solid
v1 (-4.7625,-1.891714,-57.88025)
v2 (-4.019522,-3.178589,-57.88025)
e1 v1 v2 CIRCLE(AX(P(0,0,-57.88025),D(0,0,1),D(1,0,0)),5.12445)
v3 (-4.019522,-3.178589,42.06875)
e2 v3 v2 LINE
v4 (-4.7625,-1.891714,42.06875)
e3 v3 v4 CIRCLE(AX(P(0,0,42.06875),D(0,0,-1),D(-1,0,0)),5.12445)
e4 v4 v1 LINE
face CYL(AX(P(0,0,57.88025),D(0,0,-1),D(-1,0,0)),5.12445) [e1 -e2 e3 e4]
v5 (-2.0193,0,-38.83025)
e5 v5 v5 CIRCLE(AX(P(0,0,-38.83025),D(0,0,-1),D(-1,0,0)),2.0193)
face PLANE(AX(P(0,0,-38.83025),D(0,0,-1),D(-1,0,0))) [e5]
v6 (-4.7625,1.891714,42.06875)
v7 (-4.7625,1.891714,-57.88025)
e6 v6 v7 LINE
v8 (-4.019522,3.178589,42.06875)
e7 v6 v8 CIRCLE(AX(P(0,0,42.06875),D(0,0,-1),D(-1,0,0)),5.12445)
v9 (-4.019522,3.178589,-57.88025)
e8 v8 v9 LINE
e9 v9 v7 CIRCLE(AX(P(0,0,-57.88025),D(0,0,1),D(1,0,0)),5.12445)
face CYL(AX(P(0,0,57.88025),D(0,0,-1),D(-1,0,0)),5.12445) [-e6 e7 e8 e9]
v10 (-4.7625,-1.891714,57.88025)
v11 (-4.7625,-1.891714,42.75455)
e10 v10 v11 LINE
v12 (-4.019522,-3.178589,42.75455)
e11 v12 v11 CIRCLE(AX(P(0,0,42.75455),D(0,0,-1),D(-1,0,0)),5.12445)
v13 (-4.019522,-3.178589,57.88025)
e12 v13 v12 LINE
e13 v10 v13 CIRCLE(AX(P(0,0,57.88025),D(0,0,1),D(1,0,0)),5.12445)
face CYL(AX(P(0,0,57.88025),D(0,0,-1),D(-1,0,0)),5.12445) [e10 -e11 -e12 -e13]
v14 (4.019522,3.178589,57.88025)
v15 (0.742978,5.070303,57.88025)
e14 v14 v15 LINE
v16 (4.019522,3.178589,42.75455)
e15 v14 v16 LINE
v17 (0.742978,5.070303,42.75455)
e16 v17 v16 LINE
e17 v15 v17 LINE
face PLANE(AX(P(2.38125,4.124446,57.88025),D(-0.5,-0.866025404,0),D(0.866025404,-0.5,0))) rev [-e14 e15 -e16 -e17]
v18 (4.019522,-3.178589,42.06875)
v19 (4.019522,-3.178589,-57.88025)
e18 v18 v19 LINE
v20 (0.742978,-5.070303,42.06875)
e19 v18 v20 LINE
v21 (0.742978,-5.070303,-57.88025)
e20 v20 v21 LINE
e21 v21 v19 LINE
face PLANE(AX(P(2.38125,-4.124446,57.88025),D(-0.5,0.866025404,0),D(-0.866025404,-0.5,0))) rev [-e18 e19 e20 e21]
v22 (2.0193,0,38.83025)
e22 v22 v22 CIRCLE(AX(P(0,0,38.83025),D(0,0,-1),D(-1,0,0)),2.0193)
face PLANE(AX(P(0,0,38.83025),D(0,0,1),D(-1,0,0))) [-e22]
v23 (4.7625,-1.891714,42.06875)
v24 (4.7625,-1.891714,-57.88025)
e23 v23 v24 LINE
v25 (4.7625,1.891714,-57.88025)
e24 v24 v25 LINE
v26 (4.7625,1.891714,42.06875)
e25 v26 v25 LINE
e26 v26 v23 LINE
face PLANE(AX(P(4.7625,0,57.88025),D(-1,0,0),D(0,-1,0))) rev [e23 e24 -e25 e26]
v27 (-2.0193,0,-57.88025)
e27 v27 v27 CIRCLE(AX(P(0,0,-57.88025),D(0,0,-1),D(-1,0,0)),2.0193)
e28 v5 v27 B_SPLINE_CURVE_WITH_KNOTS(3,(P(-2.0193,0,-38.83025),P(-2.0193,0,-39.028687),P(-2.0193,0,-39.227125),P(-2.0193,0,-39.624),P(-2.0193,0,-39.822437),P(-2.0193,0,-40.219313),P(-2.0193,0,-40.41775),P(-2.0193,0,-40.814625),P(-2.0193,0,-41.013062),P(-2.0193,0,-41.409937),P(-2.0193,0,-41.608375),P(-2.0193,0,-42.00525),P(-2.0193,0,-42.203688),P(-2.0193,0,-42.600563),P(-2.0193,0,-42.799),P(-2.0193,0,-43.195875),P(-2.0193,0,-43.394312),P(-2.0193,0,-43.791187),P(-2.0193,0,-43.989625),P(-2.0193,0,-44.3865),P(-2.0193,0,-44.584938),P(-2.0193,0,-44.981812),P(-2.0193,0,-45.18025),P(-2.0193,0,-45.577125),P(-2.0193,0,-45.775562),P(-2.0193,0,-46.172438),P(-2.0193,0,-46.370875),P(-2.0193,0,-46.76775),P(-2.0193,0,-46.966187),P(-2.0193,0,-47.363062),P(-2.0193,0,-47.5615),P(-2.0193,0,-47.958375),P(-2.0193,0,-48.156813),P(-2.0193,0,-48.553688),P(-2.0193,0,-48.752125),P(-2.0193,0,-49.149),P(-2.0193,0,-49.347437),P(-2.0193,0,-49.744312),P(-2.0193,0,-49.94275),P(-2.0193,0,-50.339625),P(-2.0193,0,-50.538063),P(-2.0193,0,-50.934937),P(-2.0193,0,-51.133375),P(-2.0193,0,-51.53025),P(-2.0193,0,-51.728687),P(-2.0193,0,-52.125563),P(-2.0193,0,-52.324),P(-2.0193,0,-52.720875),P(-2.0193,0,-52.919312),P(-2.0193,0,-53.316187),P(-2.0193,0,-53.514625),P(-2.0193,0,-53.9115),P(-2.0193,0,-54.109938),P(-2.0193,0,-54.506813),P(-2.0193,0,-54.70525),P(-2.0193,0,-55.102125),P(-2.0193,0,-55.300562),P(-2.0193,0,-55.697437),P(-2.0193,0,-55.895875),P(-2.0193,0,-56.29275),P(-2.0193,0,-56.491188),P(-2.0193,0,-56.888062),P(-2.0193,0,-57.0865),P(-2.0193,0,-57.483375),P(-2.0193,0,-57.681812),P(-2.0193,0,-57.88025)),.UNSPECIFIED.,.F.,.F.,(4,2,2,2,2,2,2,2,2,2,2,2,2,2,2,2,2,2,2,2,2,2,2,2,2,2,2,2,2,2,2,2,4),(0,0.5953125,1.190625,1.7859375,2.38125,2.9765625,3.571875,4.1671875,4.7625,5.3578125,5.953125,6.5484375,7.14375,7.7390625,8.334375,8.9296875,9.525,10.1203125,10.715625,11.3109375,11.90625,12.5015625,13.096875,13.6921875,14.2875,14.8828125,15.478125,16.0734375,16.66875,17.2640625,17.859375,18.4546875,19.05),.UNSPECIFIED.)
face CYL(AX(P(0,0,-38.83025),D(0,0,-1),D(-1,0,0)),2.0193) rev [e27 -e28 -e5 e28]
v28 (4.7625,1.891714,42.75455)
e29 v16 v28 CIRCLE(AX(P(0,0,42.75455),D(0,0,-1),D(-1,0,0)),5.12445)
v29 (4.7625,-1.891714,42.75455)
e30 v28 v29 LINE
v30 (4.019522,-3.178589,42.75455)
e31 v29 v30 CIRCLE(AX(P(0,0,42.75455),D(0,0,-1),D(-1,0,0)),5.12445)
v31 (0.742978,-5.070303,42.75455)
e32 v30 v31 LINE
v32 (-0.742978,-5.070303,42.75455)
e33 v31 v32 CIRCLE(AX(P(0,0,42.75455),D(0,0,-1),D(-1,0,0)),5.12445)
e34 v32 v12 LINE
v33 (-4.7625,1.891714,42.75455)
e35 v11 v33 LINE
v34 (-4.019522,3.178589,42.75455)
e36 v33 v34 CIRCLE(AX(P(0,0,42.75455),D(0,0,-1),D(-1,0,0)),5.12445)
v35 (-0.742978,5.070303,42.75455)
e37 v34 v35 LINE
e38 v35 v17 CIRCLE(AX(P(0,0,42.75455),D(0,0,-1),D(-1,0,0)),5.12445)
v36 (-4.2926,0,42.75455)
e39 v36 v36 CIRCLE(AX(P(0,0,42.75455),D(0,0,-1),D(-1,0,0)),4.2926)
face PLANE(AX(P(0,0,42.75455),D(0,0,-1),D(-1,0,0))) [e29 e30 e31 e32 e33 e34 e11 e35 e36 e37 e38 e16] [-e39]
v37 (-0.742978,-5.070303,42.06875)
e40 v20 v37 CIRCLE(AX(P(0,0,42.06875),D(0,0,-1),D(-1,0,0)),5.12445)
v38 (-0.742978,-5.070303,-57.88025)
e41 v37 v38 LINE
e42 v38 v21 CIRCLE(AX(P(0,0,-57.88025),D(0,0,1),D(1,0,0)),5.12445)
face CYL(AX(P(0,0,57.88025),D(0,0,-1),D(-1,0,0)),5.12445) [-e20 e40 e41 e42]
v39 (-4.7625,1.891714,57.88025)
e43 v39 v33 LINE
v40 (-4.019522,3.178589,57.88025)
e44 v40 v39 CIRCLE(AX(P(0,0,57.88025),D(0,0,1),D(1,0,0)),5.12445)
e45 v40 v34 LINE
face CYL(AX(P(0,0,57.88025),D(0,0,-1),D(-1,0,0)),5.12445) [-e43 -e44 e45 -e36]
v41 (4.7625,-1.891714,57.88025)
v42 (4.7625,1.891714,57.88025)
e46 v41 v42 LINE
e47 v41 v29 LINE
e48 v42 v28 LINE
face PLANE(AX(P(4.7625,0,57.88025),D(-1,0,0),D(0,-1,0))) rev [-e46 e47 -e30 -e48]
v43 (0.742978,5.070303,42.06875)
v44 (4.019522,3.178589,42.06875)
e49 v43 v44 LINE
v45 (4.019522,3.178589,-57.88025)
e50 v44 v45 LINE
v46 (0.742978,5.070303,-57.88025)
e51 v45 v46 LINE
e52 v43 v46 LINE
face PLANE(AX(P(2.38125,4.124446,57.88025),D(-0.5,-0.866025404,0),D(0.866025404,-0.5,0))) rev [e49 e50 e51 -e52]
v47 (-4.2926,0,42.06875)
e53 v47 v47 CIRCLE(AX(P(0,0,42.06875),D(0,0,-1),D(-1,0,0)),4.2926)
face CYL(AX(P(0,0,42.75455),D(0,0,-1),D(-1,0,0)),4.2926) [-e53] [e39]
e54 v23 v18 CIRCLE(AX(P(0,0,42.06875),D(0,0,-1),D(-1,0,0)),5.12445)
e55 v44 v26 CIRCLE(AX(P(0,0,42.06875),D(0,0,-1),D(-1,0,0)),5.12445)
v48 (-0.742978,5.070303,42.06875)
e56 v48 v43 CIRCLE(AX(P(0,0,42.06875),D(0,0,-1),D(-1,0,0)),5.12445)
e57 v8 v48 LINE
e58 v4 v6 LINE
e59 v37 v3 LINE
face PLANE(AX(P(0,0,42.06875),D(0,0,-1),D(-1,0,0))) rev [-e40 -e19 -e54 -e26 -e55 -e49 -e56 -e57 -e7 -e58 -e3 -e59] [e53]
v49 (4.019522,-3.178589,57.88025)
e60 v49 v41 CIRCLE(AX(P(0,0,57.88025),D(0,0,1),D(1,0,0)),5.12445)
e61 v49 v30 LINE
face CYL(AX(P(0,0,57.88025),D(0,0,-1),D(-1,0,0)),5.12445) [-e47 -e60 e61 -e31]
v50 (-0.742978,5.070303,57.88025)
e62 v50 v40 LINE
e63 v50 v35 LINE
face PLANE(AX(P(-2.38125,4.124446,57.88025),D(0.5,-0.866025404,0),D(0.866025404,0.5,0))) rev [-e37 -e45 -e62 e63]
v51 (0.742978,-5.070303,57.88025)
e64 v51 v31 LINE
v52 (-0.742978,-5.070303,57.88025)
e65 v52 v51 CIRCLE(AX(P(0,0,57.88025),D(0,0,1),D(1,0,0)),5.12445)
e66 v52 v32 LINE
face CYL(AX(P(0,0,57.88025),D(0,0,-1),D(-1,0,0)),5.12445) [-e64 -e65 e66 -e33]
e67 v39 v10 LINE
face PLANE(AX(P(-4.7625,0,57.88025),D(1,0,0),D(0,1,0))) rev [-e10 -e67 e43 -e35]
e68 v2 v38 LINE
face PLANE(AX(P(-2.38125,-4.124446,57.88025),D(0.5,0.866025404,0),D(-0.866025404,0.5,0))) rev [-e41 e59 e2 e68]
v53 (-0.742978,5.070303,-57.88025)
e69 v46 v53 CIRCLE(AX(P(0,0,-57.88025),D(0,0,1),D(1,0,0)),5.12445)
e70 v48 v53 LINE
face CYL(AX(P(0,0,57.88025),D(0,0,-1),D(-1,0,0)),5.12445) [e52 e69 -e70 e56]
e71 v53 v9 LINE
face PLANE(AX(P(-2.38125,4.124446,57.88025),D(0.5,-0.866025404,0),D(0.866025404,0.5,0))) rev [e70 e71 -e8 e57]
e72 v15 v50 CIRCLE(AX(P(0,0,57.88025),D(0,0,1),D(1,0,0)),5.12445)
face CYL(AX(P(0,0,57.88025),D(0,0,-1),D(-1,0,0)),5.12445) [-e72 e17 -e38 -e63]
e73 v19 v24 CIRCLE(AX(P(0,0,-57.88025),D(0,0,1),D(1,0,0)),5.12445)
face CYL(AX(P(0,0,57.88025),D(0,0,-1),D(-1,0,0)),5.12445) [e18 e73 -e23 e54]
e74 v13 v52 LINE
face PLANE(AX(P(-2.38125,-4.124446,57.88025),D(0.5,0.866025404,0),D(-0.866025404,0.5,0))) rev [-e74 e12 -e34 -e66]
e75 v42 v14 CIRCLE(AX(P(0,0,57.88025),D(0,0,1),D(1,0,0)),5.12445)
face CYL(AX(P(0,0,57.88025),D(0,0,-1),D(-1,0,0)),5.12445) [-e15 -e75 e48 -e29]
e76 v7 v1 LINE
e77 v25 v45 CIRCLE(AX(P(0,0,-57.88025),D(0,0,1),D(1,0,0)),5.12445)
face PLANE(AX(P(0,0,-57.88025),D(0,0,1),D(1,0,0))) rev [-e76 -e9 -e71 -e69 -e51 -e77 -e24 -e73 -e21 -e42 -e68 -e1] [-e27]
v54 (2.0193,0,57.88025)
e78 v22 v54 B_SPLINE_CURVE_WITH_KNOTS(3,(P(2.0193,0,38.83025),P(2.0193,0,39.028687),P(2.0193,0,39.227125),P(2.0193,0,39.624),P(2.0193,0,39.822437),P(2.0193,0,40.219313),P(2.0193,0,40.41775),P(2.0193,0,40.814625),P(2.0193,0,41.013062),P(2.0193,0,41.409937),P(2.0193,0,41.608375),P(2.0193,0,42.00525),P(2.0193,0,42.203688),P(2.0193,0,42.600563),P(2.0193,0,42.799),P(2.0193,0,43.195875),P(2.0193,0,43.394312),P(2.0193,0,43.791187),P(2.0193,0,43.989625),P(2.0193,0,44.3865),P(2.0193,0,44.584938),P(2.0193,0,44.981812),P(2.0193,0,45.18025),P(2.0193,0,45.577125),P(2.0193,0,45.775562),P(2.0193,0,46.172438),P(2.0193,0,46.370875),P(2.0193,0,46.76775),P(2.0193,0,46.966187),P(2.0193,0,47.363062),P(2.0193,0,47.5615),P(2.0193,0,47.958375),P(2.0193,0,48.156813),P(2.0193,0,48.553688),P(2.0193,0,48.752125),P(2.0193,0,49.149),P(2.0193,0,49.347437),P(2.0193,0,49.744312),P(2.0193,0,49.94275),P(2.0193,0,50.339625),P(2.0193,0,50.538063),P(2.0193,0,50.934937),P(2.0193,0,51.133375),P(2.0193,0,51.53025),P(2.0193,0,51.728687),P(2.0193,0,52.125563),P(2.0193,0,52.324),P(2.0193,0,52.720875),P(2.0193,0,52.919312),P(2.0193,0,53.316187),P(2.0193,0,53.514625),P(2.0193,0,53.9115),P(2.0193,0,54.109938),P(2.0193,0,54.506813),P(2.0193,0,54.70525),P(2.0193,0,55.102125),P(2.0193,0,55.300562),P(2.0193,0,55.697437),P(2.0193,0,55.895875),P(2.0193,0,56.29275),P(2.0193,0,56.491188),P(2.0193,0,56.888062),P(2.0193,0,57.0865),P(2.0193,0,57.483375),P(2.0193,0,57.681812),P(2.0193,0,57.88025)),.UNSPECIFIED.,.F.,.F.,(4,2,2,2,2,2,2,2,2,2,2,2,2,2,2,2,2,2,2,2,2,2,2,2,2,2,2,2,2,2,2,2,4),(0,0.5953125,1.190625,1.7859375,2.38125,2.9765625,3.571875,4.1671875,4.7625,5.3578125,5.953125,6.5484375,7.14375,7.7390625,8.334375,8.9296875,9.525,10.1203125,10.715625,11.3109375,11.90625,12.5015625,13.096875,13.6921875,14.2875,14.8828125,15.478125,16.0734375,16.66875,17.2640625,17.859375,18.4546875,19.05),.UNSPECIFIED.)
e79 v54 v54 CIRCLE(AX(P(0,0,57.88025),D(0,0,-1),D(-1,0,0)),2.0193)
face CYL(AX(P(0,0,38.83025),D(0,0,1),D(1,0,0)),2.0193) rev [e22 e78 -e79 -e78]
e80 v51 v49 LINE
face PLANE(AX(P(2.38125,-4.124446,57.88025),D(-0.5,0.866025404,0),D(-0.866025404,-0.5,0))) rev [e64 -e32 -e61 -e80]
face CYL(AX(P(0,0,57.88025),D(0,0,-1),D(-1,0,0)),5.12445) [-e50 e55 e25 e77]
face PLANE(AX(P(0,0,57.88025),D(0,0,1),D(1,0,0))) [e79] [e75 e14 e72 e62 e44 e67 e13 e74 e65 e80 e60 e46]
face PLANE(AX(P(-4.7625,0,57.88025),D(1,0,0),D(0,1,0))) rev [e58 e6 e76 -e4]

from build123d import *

# Parameters (mm, degrees)
BOSS_EXTRUDE1_DEPTH = 57.88025
SKETCH2_R           = 2.0193
CUT_EXTRUDE1_DEPTH  = 19.05
SKETCH4_R           = 6.35
SKETCH4_R_2         = 4.2926
CUT_EXTRUDE2_DEPTH  = 0.6858


with BuildPart() as part:
    # Sketch1 → Boss-Extrude1 (new, symmetric)
    with BuildSketch(Plane.XY):
        with BuildLine():
            ThreePointArc((4.7625, 1.891713919), (4.43790388, 2.562225), (4.019522311, 3.178589026))
            Line((4.019522311, 3.178589026), (0.742977689, 5.070302945))
            ThreePointArc((0.742977689, 5.070302945), (0, 5.12445), (-0.742977689, 5.070302945))
            Line((-0.742977689, 5.070302945), (-4.019522311, 3.178589026))
            ThreePointArc((-4.019522311, 3.178589026), (-4.43790388, 2.562225), (-4.7625, 1.891713919))
            Line((-4.7625, 1.891713919), (-4.7625, -1.891713919))
            ThreePointArc((-4.7625, -1.891713919), (-4.43790388, -2.562225), (-4.019522311, -3.178589026))
            Line((-4.019522311, -3.178589026), (-0.742977689, -5.070302945))
            ThreePointArc((-0.742977689, -5.070302945), (0, -5.12445), (0.742977689, -5.070302945))
            Line((0.742977689, -5.070302945), (4.019522311, -3.178589026))
            ThreePointArc((4.019522311, -3.178589026), (4.43790388, -2.562225), (4.7625, -1.891713919))
            Line((4.7625, -1.891713919), (4.7625, 1.891713919))
        make_face()
    extrude(amount=BOSS_EXTRUDE1_DEPTH, both=True)

    # Sketch2 → Cut-Extrude1 (cut)
    with BuildSketch(Plane(origin=(0, 0, -57.88025), x_dir=(-1, 0, 0), z_dir=(0, 0, -1))):
        Circle(SKETCH2_R)
    cut_extrude1 = extrude(amount=-CUT_EXTRUDE1_DEPTH, mode=Mode.SUBTRACT)

    # Mirror1: Cut-Extrude1 across plane
    add(cut_extrude1.mirror(Plane.XY), mode=Mode.SUBTRACT)

    # Sketch4 → Cut-Extrude2 (cut)
    with BuildSketch(Plane(origin=(0, 0, 42.06875), x_dir=(-1, 0, 0), z_dir=(0, 0, -1))):
        Circle(SKETCH4_R)
        Circle(SKETCH4_R_2, mode=Mode.SUBTRACT)
    extrude(amount=-CUT_EXTRUDE2_DEPTH, mode=Mode.SUBTRACT)


solid = part.part
